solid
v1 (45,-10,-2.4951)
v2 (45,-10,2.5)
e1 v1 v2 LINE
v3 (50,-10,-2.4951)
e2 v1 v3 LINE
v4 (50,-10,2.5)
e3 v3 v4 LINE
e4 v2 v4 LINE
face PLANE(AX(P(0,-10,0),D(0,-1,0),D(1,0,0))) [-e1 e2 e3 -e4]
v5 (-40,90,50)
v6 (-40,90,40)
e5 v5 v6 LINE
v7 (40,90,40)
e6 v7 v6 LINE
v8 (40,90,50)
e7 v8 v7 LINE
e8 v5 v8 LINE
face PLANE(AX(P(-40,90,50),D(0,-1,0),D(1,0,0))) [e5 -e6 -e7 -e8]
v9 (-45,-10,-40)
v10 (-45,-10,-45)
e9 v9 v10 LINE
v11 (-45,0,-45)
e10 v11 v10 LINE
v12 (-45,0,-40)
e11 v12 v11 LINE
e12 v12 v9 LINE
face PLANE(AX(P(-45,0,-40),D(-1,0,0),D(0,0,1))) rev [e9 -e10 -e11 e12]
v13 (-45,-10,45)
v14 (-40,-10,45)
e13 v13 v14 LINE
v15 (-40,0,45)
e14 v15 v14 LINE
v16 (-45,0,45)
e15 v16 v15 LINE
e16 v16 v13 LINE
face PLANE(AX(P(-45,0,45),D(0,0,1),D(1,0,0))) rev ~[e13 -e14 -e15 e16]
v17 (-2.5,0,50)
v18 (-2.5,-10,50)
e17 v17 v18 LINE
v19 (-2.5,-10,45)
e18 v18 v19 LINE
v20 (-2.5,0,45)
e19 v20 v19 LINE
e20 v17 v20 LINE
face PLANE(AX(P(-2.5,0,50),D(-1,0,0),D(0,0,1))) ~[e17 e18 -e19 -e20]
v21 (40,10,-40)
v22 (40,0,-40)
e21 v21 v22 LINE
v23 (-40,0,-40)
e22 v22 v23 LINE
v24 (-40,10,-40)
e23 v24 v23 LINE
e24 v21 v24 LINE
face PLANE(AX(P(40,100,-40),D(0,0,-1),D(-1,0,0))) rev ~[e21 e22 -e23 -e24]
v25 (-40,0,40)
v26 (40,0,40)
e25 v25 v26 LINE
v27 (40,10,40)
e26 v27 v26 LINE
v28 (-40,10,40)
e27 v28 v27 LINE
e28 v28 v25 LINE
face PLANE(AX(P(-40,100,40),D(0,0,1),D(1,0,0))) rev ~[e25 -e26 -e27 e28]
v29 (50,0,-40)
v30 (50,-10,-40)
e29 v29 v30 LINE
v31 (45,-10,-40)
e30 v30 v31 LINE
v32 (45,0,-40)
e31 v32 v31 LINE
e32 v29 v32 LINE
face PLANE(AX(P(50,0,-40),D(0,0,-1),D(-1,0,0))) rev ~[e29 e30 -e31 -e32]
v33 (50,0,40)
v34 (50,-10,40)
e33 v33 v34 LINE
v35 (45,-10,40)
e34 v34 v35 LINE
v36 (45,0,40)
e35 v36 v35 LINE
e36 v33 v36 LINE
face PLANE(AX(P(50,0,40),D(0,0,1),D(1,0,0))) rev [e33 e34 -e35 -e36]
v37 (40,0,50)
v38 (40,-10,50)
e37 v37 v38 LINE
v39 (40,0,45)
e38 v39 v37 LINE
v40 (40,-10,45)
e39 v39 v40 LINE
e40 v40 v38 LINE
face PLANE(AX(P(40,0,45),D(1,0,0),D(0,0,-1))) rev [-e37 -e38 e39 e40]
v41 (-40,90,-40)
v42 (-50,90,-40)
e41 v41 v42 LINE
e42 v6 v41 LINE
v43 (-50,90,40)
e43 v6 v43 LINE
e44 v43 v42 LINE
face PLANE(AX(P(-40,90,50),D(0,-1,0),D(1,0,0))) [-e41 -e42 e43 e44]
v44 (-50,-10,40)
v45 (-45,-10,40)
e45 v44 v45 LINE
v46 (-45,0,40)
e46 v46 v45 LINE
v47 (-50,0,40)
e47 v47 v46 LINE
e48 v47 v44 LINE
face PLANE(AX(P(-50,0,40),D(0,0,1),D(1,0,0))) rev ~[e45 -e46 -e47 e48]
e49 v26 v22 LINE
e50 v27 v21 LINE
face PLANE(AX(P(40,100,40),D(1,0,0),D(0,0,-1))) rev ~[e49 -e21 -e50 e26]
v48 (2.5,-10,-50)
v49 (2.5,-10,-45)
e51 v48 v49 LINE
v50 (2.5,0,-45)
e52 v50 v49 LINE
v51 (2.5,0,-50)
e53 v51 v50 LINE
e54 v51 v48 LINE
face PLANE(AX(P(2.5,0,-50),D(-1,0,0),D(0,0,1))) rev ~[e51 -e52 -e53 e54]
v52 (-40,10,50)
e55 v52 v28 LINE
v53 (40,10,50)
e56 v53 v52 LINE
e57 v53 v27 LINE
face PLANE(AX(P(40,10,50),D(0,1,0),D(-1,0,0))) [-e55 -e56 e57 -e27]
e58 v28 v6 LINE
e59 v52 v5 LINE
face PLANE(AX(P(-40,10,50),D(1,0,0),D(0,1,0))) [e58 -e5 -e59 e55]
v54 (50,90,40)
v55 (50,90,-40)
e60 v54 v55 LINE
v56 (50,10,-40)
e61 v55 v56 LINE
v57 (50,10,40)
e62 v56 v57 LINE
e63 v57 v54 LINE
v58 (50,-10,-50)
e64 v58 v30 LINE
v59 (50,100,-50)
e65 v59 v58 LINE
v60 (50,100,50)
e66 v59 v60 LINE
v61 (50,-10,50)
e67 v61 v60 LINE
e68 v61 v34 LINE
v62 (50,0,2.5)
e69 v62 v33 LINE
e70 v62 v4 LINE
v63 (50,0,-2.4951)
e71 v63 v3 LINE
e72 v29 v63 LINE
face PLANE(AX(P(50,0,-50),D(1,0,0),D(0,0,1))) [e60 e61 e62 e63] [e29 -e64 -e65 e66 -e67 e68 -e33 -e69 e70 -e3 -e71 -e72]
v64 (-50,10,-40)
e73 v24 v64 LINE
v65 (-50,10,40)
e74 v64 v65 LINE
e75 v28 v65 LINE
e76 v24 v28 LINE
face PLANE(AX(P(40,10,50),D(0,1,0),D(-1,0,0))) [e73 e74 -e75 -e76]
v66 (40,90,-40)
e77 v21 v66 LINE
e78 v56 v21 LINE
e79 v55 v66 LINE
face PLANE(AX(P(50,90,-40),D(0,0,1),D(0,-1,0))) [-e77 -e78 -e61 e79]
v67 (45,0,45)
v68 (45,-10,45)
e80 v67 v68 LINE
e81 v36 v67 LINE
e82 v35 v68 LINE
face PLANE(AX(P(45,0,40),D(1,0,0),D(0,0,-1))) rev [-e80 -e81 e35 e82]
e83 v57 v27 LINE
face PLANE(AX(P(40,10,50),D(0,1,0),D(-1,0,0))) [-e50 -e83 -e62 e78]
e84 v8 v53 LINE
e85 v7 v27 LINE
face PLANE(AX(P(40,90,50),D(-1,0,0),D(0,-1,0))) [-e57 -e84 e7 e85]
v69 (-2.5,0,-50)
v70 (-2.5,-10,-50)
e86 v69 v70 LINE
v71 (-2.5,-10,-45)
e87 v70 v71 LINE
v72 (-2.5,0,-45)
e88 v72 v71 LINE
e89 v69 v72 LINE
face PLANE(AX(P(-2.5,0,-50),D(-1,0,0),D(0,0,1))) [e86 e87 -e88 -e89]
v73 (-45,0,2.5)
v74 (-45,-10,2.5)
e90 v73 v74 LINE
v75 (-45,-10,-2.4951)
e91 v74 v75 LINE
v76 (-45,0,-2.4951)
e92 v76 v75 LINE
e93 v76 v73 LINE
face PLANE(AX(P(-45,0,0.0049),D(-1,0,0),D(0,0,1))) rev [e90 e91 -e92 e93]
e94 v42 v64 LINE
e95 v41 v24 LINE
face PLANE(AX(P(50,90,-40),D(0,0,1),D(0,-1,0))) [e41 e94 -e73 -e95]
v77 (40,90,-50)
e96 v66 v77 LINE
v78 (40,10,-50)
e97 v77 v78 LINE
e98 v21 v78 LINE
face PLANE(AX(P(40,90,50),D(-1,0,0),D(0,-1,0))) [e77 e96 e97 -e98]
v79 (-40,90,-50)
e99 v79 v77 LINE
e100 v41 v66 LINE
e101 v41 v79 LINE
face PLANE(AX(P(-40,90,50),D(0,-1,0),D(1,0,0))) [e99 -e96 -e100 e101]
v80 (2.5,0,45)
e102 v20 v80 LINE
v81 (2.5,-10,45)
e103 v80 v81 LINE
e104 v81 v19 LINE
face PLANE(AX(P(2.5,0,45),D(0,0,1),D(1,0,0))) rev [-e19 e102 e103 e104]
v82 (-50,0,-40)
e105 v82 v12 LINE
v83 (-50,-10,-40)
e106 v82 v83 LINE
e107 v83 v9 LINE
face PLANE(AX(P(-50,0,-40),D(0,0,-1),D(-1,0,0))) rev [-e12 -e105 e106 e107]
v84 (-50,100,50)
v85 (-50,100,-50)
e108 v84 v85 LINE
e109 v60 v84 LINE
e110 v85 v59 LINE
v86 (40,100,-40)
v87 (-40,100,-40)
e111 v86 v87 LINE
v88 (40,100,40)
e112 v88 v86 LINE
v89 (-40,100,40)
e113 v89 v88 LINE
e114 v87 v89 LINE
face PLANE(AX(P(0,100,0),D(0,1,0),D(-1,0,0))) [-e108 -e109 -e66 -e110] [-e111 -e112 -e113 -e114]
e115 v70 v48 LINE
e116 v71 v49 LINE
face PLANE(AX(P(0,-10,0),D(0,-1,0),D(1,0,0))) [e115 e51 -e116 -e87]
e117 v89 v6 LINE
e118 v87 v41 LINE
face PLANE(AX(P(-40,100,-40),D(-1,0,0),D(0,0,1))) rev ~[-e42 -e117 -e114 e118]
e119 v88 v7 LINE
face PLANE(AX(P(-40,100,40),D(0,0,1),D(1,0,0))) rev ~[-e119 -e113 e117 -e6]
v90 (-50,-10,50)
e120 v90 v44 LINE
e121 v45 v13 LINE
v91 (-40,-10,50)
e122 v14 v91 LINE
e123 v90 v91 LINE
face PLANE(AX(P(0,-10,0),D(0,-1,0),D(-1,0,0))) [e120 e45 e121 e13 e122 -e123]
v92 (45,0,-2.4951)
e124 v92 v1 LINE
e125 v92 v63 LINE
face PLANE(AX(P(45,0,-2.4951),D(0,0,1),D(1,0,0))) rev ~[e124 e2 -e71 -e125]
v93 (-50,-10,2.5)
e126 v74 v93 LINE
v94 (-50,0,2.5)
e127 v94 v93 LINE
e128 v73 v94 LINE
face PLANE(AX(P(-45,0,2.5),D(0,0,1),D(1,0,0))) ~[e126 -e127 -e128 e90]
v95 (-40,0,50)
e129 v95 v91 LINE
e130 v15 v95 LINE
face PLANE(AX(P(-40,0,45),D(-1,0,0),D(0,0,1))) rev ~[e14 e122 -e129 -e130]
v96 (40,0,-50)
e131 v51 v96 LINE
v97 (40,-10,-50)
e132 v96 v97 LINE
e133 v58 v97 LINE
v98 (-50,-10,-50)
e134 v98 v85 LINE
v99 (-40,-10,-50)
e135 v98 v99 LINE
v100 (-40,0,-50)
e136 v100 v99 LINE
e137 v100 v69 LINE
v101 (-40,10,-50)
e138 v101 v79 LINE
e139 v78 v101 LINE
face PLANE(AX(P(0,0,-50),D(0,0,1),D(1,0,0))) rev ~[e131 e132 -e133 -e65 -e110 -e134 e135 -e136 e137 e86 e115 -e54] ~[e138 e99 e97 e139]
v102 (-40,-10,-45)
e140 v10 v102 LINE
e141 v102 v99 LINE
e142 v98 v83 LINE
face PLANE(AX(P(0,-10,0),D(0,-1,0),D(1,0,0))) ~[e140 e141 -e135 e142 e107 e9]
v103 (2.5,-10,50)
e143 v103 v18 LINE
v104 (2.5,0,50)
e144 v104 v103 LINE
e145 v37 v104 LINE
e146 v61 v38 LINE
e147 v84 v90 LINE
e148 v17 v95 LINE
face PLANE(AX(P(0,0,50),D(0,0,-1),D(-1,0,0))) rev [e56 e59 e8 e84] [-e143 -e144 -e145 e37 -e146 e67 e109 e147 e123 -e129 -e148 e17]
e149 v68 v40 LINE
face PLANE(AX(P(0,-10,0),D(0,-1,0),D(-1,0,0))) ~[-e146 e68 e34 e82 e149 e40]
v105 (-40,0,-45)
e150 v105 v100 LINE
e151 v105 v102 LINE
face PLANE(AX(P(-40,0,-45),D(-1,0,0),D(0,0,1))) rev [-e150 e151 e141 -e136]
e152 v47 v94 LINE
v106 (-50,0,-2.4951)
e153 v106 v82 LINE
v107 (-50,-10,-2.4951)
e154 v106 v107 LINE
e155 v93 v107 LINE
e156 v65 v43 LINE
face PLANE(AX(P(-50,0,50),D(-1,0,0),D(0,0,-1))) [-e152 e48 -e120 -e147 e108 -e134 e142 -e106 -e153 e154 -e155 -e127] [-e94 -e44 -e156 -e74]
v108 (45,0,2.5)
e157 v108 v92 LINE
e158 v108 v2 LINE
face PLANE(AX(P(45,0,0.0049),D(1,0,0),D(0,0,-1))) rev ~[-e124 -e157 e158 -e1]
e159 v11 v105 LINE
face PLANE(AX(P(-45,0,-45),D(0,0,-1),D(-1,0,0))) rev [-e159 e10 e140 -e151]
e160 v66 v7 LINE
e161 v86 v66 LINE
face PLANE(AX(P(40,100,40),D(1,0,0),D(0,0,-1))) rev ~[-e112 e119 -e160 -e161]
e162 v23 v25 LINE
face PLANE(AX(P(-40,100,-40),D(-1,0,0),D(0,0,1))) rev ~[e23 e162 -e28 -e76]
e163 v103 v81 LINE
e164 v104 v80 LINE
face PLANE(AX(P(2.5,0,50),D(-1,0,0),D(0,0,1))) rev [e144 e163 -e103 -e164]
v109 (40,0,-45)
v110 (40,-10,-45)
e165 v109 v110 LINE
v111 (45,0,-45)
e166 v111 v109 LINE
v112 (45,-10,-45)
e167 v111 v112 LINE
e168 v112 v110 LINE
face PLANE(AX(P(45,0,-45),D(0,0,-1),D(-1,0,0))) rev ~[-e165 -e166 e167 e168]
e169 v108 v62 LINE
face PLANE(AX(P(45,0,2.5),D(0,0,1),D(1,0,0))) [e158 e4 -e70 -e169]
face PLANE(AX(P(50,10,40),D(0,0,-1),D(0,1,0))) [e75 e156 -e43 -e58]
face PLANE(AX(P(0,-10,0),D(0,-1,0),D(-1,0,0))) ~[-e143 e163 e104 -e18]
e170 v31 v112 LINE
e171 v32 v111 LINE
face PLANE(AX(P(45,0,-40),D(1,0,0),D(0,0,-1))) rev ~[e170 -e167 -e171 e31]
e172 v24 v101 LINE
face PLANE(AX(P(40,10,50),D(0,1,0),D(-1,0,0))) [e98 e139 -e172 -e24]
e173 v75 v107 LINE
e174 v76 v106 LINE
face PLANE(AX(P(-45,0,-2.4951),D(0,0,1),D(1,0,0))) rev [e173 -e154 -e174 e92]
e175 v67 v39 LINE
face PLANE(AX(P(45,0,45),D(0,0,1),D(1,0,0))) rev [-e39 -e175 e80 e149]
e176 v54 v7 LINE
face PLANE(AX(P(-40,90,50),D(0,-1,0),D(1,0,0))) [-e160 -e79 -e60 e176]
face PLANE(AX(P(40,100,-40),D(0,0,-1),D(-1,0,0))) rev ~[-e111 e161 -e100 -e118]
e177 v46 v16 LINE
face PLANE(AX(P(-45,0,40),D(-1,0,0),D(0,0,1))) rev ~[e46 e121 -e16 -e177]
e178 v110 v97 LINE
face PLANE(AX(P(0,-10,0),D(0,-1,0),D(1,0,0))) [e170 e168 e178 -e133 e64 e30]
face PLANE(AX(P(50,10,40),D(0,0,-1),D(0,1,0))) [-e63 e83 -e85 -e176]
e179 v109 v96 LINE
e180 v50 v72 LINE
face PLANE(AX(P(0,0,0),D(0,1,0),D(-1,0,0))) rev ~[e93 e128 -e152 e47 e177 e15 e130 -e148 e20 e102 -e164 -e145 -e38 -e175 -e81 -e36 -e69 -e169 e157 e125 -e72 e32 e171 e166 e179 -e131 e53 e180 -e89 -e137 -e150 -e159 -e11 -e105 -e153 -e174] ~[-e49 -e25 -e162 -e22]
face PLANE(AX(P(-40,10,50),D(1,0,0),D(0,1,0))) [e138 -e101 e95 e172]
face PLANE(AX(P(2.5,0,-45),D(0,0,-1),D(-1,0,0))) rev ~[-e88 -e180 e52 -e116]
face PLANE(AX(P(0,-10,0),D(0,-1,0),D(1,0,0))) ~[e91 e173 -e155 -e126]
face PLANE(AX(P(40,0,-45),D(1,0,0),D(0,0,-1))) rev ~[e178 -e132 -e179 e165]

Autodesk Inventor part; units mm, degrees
ref_plane "YZ Plane" through (0, 0, 0) normal (1, 0, 0) x (0, 1, 0)
ref_plane "XZ Plane" through (0, 0, 0) normal (0, 1, 0) x (-1, 0, 0)
ref_plane "XY Plane" through (0, 0, 0) normal (0, 0, 1) x (1, 0, 0)
sketch "Sketch1" plane through (0, 0, 0) normal (0, 1, 0) x (-1, 0, 0)
  line L0 (50, -50) -> (-50, -50)
  line L1 (-50, -50) -> (-50, 50)
  line L2 (-50, 50) -> (50, 50)
  line L3 (50, 50) -> (50, -50)
  point P0 (0, 0)
  dimension "d0" = 100
  dimension "d1" = 100
  dimension "d2" = 50
  dimension "d3" = 50
extrude "Extrusion1" add sketch "Sketch1" along normal blind 100
sketch "Sketch2" plane through (-50, 0, 50) normal (0, 0, 1) x (1, 0, 0)
  line L0 (10, 90) -> (90, 90)
  line L1 (90, 90) -> (90, 10)
  line L2 (90, 10) -> (10, 10)
  line L3 (10, 10) -> (10, 90)
  line L4 (100, 0) -> (0, 0) projected
  line L5 (100, 0) -> (100, 100) projected
  point P0 (50, 0)
  dimension "d6" = 80
  dimension "d7" = 10
  dimension "d8" = 80
  dimension "d9" = 10
extrude "Extrusion2" cut sketch "Sketch2" against normal blind 100
sketch "Sketch3" plane through (50, 0, 50) normal (1, 0, 0) x (0, 0, -1)
  line L0 (10, 90) -> (90, 90)
  line L1 (90, 90) -> (90, 10)
  line L2 (90, 10) -> (10, 10)
  line L3 (10, 10) -> (10, 90)
  line L4 (0, 100) -> (100, 100) projected
  line L5 (100, 0) -> (100, 100) projected
  point P0 (50, 0)
  dimension "d12" = 80
  dimension "d13" = 10
  dimension "d14" = 80
  dimension "d15" = 10
extrude "Extrusion3" cut sketch "Sketch3" against normal blind 100
sketch "Sketch4" plane through (0, 100, 0) normal (0, 1, 0) x (1, 0, 0)
  line L0 (-40, -50) -> (-40, -40) projected
  line L1 (50, 40) -> (40, 40) projected
  line L2 (-40, -40) -> (40, -40)
  line L3 (40, -40) -> (40, 40)
  line L4 (40, 40) -> (-40, 40)
  line L5 (-40, 40) -> (-40, -40)
  point P0 (0, 0)
extrude "Extrusion4" cut sketch "Sketch4" against normal blind 100
sketch "Sketch9" plane through (0, 0, 0) normal (0, -1, 0) x (1, 0, 0)
  line L0 (50, 0.0049) -> (45, 0.0049)
  line L1 (45, 0.0049) -> (45, -2.4951)
  line L2 (45, -2.4951) -> (50, -2.4951)
  line L3 (50, -2.4951) -> (50, 0.0049)
  line L4 (40, 40) -> (40, -40) projected
  point P0 (0, 0)
  dimension "d40" = 5
  dimension "d41" = 5
  dimension "d42" = 2.5
sketch "Sketch10" plane through (0, 0, 0) normal (0, -1, 0) x (1, 0, 0)
  line L0 (50, -40) -> (50, 40) projected
  line L1 (50, 0) -> (45, 0)
  line L2 (45, 0) -> (45, 2.5)
  line L3 (45, 2.5) -> (50, 2.5)
  line L4 (50, 2.5) -> (50, 0)
  line L5 (40, 40) -> (40, -40) projected
  point P0 (0, 0)
  dimension "d43" = 2.5
  dimension "d44" = 5
extrude "Extrusion9" add sketch "Sketch9" along normal blind 10
extrude "Extrusion10" add sketch "Sketch10" along normal blind 10
mirror "Mirror3" about plane through (0, 0, 0) normal (1, 0, 0) of "Extrusion9", "Extrusion10"
sketch "Sketch11" plane through (0, 0, 0) normal (0, -1, 0) x (1, 0, 0)
  line L0 (-40, -50) -> (40, -50) projected
  line L1 (0, -50) -> (-2.5, -50)
  line L2 (-2.5, -50) -> (-2.5, -45)
  line L3 (-2.5, -45) -> (0, -45)
  line L4 (0, -45) -> (0, -50)
  line L5 (40, -40) -> (-40, -40) projected
  point P0 (0, 0)
  dimension "d49" = 5
  dimension "d50" = 2.5
sketch "Sketch12" plane through (0, 0, 0) normal (0, -1, 0) x (1, 0, 0)
  line L0 (-40, -50) -> (40, -50) projected
  line L1 (0, -50) -> (2.5, -50)
  line L2 (2.5, -50) -> (2.5, -45)
  line L3 (2.5, -45) -> (0, -45)
  line L4 (0, -45) -> (0, -50)
  line L5 (40, -40) -> (-40, -40) projected
  point P0 (0, 0)
  dimension "d51" = 5
  dimension "d52" = 2.5
extrude "Extrusion11" add sketch "Sketch11" along normal blind 10
extrude "Extrusion12" add sketch "Sketch12" along normal blind 10
mirror "Mirror4" about plane through (0, 0, 0) normal (0, 0, 1) of "Extrusion11", "Extrusion12"
sketch "Sketch13" plane through (0, 0, 0) normal (0, -1, 0) x (1, 0, 0)
  line L0 (50, -40) -> (50, 40) projected
  line L1 (50, -50) -> (-50, -50) projected
  line L2 (50, -40) -> (45, -40)
  line L3 (45, -40) -> (45, -50)
  line L4 (45, -50) -> (50, -50)
  line L5 (50, -50) -> (50, -40)
  line L6 (40, 40) -> (40, -40) projected
  line L7 (45, -45) -> (40, -45)
  line L8 (40, -45) -> (40, -50)
  line L9 (40, -50) -> (45, -50)
  line L10 (45, -50) -> (45, -45)
  point P0 (0, 0)
  dimension "d57" = 5
extrude "Extrusion13" add sketch "Sketch13" along normal blind 10
mirror "Mirror5" about plane through (0, 0, 0) normal (0, 0, 1) of "Extrusion13"
mirror "Mirror6" about plane through (0, 0, 0) normal (1, 0, 0) of "Extrusion13"
mirror "Mirror7" about plane through (0, 0, 0) normal (0, 0, 1) of "Extrusion13", "Mirror6"
properties part number "Kens_cube_of_fun_design_withpegs_spencermical"
